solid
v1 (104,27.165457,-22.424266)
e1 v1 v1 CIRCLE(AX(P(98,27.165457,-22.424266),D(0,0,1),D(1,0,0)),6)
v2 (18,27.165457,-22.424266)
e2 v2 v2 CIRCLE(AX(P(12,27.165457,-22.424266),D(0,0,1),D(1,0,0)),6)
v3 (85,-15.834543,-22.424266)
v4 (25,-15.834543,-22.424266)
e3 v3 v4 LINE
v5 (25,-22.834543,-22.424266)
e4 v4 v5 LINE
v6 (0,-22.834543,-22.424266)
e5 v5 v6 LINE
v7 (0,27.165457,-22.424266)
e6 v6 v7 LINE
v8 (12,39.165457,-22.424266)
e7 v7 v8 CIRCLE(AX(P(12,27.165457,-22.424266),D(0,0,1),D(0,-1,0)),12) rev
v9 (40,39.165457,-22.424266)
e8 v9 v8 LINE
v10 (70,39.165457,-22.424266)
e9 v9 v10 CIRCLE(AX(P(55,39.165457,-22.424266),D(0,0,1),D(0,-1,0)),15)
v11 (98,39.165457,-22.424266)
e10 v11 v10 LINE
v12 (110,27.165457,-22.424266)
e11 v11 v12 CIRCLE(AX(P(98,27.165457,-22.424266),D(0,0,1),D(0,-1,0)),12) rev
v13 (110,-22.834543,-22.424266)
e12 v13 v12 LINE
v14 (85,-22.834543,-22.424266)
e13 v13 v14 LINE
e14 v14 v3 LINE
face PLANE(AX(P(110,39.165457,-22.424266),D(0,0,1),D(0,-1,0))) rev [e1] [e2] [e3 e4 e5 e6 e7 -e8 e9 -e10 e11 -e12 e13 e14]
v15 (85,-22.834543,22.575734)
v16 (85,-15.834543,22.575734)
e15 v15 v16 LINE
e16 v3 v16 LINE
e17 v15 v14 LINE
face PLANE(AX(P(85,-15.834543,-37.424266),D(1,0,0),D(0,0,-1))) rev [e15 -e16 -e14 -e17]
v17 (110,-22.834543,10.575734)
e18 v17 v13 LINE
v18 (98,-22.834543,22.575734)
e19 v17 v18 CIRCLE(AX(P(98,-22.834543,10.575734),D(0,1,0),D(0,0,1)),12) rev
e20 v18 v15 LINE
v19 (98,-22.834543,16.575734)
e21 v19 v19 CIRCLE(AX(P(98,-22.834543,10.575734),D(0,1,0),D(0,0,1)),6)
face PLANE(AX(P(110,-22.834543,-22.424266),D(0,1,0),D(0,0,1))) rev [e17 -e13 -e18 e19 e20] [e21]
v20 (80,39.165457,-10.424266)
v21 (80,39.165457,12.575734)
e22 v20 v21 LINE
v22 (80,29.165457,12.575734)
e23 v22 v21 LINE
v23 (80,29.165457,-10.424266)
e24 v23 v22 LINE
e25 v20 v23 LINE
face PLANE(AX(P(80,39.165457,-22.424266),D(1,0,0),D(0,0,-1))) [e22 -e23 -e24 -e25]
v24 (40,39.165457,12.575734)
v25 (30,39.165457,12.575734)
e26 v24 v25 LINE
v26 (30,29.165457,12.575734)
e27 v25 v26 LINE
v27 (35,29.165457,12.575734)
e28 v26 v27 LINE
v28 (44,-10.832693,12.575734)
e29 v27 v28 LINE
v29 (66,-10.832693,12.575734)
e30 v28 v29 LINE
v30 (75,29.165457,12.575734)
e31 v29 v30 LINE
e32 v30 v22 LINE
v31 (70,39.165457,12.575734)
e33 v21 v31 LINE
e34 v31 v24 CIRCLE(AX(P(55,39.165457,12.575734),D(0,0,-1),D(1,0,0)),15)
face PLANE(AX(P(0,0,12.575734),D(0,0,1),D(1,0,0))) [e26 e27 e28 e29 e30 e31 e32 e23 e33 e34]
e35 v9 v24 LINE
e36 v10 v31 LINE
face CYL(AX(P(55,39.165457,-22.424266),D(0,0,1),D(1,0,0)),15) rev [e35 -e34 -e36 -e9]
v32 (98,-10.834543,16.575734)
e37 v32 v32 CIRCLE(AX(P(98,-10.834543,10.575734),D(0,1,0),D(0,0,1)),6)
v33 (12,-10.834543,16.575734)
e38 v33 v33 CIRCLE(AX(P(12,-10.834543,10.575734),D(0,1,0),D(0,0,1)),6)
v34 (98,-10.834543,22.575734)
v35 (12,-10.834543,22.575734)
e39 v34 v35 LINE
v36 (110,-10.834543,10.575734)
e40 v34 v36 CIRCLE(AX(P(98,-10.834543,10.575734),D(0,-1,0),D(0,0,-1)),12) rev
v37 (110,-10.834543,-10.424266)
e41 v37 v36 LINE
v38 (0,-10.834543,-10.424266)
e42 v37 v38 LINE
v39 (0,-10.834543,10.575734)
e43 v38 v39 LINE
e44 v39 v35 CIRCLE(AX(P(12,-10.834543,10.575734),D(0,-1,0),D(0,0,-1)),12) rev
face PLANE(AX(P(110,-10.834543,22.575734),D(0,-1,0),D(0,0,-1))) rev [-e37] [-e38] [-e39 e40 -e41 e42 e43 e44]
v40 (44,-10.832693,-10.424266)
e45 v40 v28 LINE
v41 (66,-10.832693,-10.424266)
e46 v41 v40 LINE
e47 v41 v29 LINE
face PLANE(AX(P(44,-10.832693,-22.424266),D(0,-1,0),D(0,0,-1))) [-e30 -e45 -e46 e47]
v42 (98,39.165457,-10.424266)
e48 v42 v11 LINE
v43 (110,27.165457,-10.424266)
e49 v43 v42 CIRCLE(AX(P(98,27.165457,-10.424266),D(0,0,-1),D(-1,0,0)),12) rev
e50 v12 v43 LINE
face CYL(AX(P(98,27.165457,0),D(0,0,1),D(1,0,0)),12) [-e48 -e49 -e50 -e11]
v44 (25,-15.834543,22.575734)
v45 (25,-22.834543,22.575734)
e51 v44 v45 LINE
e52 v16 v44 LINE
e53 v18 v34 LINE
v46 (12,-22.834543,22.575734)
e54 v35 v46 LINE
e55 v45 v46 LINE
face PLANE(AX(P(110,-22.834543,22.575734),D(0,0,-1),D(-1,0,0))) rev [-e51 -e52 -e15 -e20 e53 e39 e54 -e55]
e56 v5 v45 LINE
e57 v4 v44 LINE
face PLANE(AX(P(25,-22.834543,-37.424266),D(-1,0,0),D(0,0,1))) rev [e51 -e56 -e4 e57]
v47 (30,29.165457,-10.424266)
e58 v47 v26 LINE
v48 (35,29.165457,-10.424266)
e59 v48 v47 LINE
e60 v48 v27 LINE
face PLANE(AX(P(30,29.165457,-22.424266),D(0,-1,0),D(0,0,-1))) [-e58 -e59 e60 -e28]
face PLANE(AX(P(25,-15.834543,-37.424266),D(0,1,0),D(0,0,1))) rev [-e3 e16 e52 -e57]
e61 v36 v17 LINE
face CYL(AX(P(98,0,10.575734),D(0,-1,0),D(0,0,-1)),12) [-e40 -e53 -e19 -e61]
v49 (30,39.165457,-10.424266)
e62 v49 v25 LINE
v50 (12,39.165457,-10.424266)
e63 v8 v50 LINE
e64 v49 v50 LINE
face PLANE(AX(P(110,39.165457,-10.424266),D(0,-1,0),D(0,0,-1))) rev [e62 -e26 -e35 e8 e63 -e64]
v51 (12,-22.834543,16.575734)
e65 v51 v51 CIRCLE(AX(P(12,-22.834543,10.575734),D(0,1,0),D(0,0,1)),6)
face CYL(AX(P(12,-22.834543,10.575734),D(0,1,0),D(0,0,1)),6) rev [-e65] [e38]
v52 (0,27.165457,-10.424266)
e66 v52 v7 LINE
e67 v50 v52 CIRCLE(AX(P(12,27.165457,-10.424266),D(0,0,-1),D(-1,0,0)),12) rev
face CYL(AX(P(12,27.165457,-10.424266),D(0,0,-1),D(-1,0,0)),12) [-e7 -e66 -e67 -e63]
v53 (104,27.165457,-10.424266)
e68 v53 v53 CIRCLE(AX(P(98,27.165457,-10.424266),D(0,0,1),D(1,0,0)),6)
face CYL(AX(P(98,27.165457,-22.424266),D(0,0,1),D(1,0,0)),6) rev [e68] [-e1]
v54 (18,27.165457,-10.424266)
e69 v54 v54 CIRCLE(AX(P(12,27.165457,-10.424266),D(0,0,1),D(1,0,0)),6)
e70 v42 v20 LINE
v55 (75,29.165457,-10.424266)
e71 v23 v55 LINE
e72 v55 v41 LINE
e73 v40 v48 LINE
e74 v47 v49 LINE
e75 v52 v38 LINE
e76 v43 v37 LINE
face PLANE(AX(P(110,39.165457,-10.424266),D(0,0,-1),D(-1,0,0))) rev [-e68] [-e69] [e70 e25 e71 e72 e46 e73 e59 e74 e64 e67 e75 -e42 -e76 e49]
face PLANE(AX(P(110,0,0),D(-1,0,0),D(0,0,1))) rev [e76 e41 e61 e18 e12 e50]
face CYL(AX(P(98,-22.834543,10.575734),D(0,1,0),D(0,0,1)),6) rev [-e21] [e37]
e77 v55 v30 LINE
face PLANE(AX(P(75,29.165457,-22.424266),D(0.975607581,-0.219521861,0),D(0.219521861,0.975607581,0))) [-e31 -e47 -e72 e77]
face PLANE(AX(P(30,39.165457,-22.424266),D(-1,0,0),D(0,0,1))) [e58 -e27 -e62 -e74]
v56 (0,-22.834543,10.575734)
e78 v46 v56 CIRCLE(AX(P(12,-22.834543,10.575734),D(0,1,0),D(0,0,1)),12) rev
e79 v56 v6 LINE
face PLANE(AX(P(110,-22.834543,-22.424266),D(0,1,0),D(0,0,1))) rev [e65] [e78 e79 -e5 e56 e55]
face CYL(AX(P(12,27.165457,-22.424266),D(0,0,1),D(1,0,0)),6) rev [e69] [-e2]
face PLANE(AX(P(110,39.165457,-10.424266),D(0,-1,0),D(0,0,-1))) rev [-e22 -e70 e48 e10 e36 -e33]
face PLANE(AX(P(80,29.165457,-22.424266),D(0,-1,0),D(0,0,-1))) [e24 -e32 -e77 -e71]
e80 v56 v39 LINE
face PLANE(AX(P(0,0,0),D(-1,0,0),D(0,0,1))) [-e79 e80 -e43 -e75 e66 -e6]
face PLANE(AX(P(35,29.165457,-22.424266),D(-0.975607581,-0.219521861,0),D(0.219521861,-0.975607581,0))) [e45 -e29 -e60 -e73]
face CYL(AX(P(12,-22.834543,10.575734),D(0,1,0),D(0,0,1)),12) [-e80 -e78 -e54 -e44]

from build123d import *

# Parameters (mm, degrees)
BOSS_EXTRUDE1_DEPTH = 110
FILLET1_R           = 12
SKETCH2_R           = 6
CUT_EXTRUDE1_DEPTH  = 12
SKETCH3_R           = 6
CUT_EXTRUDE3_DEPTH  = 12
SKETCH4_W           = 60
SKETCH4_H           = 7
CUT_EXTRUDE4_DEPTH  = 60
BOSS_EXTRUDE2_DEPTH = 35
CUT_EXTRUDE5_DEPTH  = 35


with BuildPart() as part:
    # Sketch1 → Boss-Extrude1 (new body)
    with BuildSketch(Plane(origin=(0, 0, 0), x_dir=(0, 0, -1), z_dir=(1, 0, 0))):
        Polygon((10.424266139, 39.165457063), (22.424266139, 39.165457063), (22.424266139, -22.834542937), (-22.575733861, -22.834542937), (-22.575733861, -10.834542937), (10.424266139, -10.834542937), align=None)
    extrude(amount=BOSS_EXTRUDE1_DEPTH)

    # Fillet1
    fillet1_edges = [part.edges().sort_by_distance(p)[0] for p in [
        (110, -16.834542937, 22.575733861),
        (0, -16.834542937, 22.575733861),
        (110, 39.165457063, -16.424266139),
        (0, 39.165457063, -16.424266139),
    ]]
    fillet(fillet1_edges, radius=FILLET1_R)

    # Sketch2 → Cut-Extrude1 (cut)
    with BuildSketch(Plane(origin=(0, -10.834542937, 0), x_dir=(1, 0, 0), z_dir=(0, 1, 0))):
        with Locations(Location((12, -10.575733861, 0), (0, 0, 270))):
            Circle(SKETCH2_R)
        with Locations(Location((98, -10.575733861, 0), (0, 0, 270))):
            Circle(SKETCH2_R)
    extrude(amount=-CUT_EXTRUDE1_DEPTH, mode=Mode.SUBTRACT)

    # Sketch3 → Cut-Extrude3 (cut)
    with BuildSketch(Plane.XY.offset(-10.424266139)):
        with Locations((12, 27.165457063)):
            Circle(SKETCH3_R)
        with Locations((98, 27.165457063)):
            Circle(SKETCH3_R)
    extrude(amount=-CUT_EXTRUDE3_DEPTH, mode=Mode.SUBTRACT)

    # Sketch4 → Cut-Extrude4 (cut)
    with BuildSketch(Plane.XY.offset(22.575733861)):
        with Locations((55, -19.334542937)):
            Rectangle(SKETCH4_W, SKETCH4_H)
    extrude(amount=-CUT_EXTRUDE4_DEPTH, mode=Mode.SUBTRACT)

    # 3DSketch1 → Boss-Extrude2 (add)
    with BuildSketch(Plane(origin=(30, 39.165457063, -22.424266139), x_dir=(0.5843189672224485, -0.8115240874700463, 0), z_dir=(0, 0, 1))):
        with BuildLine():
            Line((0, 0), (5.843189672, 8.115240875))
            ThreePointArc((5.843189672, 8.115240875), (26.780835493, 11.523317678), (23.372758689, 32.460963499))
            Line((23.372758689, 32.460963499), (29.215948361, 40.576204374))
            Line((29.215948361, 40.576204374), (37.331189236, 34.733014701))
            Line((37.331189236, 34.733014701), (34.4095944, 30.675394264))
            Line((34.4095944, 30.675394264), (61.610185565, 0))
            Line((61.610185565, 0), (48.755168287, -17.853529924))
            Line((48.755168287, -17.853529924), (11.036835711, -1.785569235))
            Line((11.036835711, -1.785569235), (8.115240875, -5.843189672))
            Line((8.115240875, -5.843189672), (0, 0))
        make_face()
    extrude(amount=BOSS_EXTRUDE2_DEPTH)

    # Sketch5 → Cut-Extrude5 (cut)
    with BuildSketch(Plane.XY.offset(-10.424266139)):
        with BuildLine():
            Line((40, 39.165457063), (70, 39.165457063))
            ThreePointArc((70, 39.165457063), (55, 24.165457063), (40, 39.165457063))
        make_face()
    extrude(amount=-CUT_EXTRUDE5_DEPTH, mode=Mode.SUBTRACT)


solid = part.part
